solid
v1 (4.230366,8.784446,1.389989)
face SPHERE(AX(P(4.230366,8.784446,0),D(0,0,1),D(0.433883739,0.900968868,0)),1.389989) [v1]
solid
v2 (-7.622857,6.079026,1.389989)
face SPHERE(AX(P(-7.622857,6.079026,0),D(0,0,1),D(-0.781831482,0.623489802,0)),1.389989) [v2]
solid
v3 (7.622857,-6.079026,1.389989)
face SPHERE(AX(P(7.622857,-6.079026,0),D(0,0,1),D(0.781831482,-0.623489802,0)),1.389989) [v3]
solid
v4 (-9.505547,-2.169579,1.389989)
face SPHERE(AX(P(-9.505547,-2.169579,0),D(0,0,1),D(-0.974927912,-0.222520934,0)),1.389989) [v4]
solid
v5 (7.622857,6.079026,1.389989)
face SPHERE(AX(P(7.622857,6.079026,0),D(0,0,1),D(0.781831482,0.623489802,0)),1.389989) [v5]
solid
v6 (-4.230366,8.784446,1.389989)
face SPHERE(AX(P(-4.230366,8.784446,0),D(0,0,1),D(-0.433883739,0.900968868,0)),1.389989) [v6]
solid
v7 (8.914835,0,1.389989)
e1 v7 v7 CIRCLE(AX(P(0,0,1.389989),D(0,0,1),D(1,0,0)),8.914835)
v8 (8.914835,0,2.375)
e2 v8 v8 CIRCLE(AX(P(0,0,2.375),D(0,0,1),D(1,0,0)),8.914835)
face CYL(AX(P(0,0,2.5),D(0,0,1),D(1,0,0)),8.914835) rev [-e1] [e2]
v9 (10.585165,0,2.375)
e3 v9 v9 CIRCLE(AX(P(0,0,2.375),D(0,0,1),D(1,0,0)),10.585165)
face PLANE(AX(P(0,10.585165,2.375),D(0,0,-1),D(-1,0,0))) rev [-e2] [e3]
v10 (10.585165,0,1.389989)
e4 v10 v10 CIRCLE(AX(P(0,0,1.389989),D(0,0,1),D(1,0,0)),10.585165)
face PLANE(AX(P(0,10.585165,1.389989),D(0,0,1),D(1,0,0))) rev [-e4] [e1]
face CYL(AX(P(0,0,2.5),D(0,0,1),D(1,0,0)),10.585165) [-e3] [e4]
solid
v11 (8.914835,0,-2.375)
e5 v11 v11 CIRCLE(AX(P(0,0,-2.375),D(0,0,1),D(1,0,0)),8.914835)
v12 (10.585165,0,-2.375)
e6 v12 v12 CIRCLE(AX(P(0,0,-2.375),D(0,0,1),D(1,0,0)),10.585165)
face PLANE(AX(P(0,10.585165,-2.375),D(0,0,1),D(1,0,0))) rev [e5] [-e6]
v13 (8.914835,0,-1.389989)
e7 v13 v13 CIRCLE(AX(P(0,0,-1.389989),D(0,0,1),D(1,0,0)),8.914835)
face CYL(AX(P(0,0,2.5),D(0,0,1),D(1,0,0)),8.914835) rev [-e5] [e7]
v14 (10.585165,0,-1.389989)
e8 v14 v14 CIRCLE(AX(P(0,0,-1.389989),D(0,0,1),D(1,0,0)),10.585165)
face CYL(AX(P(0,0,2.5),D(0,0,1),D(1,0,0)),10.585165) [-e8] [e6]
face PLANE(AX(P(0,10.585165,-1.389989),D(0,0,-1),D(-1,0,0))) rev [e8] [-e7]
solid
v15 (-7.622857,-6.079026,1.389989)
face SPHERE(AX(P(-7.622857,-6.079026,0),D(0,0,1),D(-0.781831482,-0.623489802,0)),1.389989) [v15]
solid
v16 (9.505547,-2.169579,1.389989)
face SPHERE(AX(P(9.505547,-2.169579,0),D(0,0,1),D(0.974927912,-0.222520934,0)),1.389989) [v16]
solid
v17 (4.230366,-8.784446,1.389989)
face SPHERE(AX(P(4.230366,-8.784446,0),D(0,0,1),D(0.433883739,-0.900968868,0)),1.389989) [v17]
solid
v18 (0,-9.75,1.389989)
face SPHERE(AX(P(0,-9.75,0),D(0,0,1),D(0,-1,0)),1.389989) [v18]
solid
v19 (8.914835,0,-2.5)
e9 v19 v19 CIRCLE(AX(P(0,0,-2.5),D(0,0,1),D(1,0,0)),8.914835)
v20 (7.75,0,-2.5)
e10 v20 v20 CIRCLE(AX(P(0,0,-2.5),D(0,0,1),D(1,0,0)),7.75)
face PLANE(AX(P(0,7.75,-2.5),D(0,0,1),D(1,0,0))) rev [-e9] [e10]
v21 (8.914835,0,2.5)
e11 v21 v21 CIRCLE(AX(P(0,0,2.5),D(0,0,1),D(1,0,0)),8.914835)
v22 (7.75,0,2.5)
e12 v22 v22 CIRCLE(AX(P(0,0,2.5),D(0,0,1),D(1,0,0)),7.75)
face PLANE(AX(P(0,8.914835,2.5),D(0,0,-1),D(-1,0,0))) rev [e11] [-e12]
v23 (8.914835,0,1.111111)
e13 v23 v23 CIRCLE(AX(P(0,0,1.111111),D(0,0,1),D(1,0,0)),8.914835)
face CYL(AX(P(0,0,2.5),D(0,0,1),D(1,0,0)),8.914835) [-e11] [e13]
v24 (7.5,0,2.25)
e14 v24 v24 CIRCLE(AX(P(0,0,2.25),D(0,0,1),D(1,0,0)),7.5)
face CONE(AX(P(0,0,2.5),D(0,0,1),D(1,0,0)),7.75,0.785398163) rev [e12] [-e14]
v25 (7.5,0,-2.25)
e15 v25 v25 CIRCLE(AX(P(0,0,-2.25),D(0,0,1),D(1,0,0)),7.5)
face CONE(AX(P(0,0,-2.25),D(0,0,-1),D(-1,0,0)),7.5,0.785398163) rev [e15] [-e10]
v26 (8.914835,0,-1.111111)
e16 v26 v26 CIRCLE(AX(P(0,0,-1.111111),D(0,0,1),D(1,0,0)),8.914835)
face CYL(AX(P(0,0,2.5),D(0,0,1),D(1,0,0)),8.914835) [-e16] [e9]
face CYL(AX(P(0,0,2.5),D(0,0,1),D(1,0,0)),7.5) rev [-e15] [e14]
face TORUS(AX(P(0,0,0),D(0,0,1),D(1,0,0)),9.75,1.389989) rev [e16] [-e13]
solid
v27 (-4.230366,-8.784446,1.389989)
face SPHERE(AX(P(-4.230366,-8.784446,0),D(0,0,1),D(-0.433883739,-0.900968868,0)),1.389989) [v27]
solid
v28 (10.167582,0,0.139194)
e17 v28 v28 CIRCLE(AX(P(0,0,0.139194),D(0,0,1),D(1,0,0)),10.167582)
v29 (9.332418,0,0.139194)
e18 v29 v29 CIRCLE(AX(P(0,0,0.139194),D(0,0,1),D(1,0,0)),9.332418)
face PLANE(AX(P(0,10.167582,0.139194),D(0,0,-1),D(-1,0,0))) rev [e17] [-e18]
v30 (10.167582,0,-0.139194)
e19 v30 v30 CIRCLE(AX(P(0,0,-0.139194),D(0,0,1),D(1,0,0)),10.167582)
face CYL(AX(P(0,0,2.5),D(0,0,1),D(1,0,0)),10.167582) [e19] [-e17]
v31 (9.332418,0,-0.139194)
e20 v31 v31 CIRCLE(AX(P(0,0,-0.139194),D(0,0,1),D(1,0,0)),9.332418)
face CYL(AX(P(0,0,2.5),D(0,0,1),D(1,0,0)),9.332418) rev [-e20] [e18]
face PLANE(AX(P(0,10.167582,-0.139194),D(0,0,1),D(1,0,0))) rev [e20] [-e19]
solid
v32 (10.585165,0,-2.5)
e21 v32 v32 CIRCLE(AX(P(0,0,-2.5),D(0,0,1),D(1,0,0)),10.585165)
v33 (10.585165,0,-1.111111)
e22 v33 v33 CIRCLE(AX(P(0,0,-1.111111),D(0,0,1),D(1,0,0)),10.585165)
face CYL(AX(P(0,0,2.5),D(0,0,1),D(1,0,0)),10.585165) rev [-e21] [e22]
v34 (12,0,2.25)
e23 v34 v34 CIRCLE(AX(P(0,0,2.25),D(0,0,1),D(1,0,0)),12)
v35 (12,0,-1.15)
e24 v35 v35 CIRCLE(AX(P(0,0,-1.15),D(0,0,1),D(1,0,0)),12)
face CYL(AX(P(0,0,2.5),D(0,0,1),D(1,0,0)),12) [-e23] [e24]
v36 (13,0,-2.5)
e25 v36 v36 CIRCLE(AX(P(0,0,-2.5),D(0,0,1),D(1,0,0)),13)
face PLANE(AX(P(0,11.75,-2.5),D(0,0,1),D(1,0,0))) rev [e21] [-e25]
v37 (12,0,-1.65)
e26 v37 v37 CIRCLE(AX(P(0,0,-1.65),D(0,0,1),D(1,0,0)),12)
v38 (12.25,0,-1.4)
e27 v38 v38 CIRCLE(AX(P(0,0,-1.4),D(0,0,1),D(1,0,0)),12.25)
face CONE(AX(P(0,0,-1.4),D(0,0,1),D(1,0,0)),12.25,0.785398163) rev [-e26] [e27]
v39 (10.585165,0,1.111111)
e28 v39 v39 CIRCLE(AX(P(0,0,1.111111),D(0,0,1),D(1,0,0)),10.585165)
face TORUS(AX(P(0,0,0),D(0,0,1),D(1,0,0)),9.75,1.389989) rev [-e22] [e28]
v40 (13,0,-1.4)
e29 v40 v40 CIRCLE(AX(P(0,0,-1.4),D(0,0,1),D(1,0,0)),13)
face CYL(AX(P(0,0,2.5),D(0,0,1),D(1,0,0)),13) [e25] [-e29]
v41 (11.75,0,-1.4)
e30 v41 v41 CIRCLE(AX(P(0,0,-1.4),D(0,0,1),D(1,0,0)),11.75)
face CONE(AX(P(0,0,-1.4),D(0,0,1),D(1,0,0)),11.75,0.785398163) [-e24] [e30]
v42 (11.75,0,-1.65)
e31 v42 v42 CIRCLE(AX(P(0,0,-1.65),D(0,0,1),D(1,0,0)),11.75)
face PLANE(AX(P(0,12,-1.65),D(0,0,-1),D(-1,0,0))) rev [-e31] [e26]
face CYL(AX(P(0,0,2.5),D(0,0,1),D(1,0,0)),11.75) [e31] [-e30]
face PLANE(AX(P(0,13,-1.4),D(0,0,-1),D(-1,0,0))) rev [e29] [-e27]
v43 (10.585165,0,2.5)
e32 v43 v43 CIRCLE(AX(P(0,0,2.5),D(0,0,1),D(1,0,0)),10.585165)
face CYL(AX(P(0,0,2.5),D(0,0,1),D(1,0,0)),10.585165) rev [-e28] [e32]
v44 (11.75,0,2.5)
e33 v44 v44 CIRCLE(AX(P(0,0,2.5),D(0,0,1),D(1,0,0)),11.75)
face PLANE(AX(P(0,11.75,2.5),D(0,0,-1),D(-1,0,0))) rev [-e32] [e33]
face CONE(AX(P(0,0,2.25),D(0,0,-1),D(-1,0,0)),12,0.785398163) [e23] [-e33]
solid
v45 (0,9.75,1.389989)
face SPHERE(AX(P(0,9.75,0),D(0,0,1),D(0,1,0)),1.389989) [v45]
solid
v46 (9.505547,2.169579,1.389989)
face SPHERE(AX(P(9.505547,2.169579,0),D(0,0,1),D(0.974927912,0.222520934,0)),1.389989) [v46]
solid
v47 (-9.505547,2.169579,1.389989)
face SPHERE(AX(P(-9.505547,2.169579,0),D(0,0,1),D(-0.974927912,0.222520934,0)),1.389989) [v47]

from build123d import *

# Parameters (mm, degrees)
SKETCH6_W         = 0.278388278
SKETCH6_H         = 0.835164836
CIRPATTERN1_COUNT = 14
SKETCH5_W         = 0.985011438
SKETCH5_H         = 1.67032967


with BuildPart() as part:
    # Sketch1 → Revolve1 (revolve)
    with BuildSketch(Plane(origin=(0, 0, 0), x_dir=(0, 0, -1), z_dir=(1, 0, 0))):
        with BuildLine():
            Line((-2.25, 12), (-2.5, 11.75))
            Line((-2.5, 11.75), (-2.5, 10.585164835))
            Line((-2.5, 10.585164835), (-1.111111111, 10.585164835))
            ThreePointArc((-1.111111111, 10.585164835), (0, 11.139988562), (1.111111111, 10.585164835))
            Line((1.111111111, 10.585164835), (2.5, 10.585164835))
            Line((2.5, 10.585164835), (2.5, 11.75))
            Line((2.5, 11.75), (2.5, 13))
            Line((2.5, 13), (1.4, 13))
            Line((1.4, 13), (1.4, 12.25))
            Line((1.4, 12.25), (1.65, 12))
            Line((1.65, 12), (1.65, 11.75))
            Line((1.65, 11.75), (1.4, 11.75))
            Line((1.4, 11.75), (1.15, 12))
            Line((1.15, 12), (-2.25, 12))
        make_face()
    revolve(axis=Axis((0, 0, 2.5), (0, 0, -1)))


with BuildPart() as body_2:
    # Sketch3 → Revolve3 (revolve)
    with BuildSketch(Plane(origin=(0, 0, 0), x_dir=(0, 0, -1), z_dir=(1, 0, 0))):
        with BuildLine():
            Line((-2.5, 8.914835165), (-1.111111111, 8.914835165))
            ThreePointArc((-1.111111111, 8.914835165), (0, 8.360011438), (1.111111111, 8.914835165))
            Line((1.111111111, 8.914835165), (2.5, 8.914835165))
            Line((2.5, 8.914835165), (2.5, 7.75))
            Line((2.5, 7.75), (2.25, 7.5))
            Line((2.25, 7.5), (-2.25, 7.5))
            Line((-2.25, 7.5), (-2.5, 7.75))
            Line((-2.5, 7.75), (-2.5, 8.914835165))
        make_face()
    revolve(axis=Axis((0, 0, 2.5), (0, 0, -1)))


with BuildPart() as body_3:
    # Sketch6 → Revolve6 (revolve)
    with BuildSketch(Plane(origin=(0, 0, 0), x_dir=(0, 0, -1), z_dir=(1, 0, 0))):
        with Locations((0, 9.75)):
            Rectangle(SKETCH6_W, SKETCH6_H)
    revolve(axis=Axis((0, 0, 2.5), (0, 0, -1)))


with BuildPart() as body_4:
    # Sketch4 → Revolve4 (revolve)
    with BuildSketch(Plane(origin=(0, 0, 0), x_dir=(0, 0, -1), z_dir=(1, 0, 0))):
        with BuildLine():
            Line((-1.389988562, 9.75), (1.389988562, 9.75))
            ThreePointArc((1.389988562, 9.75), (0, 11.139988562), (-1.389988562, 9.75))
        make_face()
    revolve(axis=Axis((0, 9.75, 1.389988562), (0, 0, -1)))


with BuildPart() as cirpattern1_1:
    # CirPattern1: pattern copy
    add(body_4.part.rotate(Axis((0, 0, -2.5), (0, 0, 1)), 1 * 360 / CIRPATTERN1_COUNT))


with BuildPart() as cirpattern1_2:
    # CirPattern1: pattern copy
    add(body_4.part.rotate(Axis((0, 0, -2.5), (0, 0, 1)), 2 * 360 / CIRPATTERN1_COUNT))


with BuildPart() as cirpattern1_3:
    # CirPattern1: pattern copy
    add(body_4.part.rotate(Axis((0, 0, -2.5), (0, 0, 1)), 3 * 360 / CIRPATTERN1_COUNT))


with BuildPart() as cirpattern1_4:
    # CirPattern1: pattern copy
    add(body_4.part.rotate(Axis((0, 0, -2.5), (0, 0, 1)), 4 * 360 / CIRPATTERN1_COUNT))


with BuildPart() as cirpattern1_5:
    # CirPattern1: pattern copy
    add(body_4.part.rotate(Axis((0, 0, -2.5), (0, 0, 1)), 5 * 360 / CIRPATTERN1_COUNT))


with BuildPart() as cirpattern1_6:
    # CirPattern1: pattern copy
    add(body_4.part.rotate(Axis((0, 0, -2.5), (0, 0, 1)), 6 * 360 / CIRPATTERN1_COUNT))


with BuildPart() as cirpattern1_7:
    # CirPattern1: pattern copy
    add(body_4.part.rotate(Axis((0, 0, -2.5), (0, 0, 1)), 7 * 360 / CIRPATTERN1_COUNT))


with BuildPart() as cirpattern1_8:
    # CirPattern1: pattern copy
    add(body_4.part.rotate(Axis((0, 0, -2.5), (0, 0, 1)), 8 * 360 / CIRPATTERN1_COUNT))


with BuildPart() as cirpattern1_9:
    # CirPattern1: pattern copy
    add(body_4.part.rotate(Axis((0, 0, -2.5), (0, 0, 1)), 9 * 360 / CIRPATTERN1_COUNT))


with BuildPart() as cirpattern1_10:
    # CirPattern1: pattern copy
    add(body_4.part.rotate(Axis((0, 0, -2.5), (0, 0, 1)), 10 * 360 / CIRPATTERN1_COUNT))


with BuildPart() as cirpattern1_11:
    # CirPattern1: pattern copy
    add(body_4.part.rotate(Axis((0, 0, -2.5), (0, 0, 1)), 11 * 360 / CIRPATTERN1_COUNT))


with BuildPart() as cirpattern1_12:
    # CirPattern1: pattern copy
    add(body_4.part.rotate(Axis((0, 0, -2.5), (0, 0, 1)), 12 * 360 / CIRPATTERN1_COUNT))


with BuildPart() as cirpattern1_13:
    # CirPattern1: pattern copy
    add(body_4.part.rotate(Axis((0, 0, -2.5), (0, 0, 1)), 13 * 360 / CIRPATTERN1_COUNT))


with BuildPart() as body_18:
    # Sketch5 → Revolve5 (revolve)
    with BuildSketch(Plane(origin=(0, 0, 0), x_dir=(0, 0, -1), z_dir=(1, 0, 0))):
        with Locations((-1.882494281, 9.75)):
            Rectangle(SKETCH5_W, SKETCH5_H)
        with Locations((1.882494281, 9.75)):
            Rectangle(SKETCH5_W, SKETCH5_H)
    revolve(axis=Axis((0, 0, 2.5), (0, 0, -1)))


solid = Compound([part.part, body_2.part, body_3.part, body_4.part, cirpattern1_1.part, cirpattern1_2.part, cirpattern1_3.part, cirpattern1_4.part, cirpattern1_5.part, cirpattern1_6.part, cirpattern1_7.part, cirpattern1_8.part, cirpattern1_9.part, cirpattern1_10.part, cirpattern1_11.part, cirpattern1_12.part, cirpattern1_13.part, body_18.part])
